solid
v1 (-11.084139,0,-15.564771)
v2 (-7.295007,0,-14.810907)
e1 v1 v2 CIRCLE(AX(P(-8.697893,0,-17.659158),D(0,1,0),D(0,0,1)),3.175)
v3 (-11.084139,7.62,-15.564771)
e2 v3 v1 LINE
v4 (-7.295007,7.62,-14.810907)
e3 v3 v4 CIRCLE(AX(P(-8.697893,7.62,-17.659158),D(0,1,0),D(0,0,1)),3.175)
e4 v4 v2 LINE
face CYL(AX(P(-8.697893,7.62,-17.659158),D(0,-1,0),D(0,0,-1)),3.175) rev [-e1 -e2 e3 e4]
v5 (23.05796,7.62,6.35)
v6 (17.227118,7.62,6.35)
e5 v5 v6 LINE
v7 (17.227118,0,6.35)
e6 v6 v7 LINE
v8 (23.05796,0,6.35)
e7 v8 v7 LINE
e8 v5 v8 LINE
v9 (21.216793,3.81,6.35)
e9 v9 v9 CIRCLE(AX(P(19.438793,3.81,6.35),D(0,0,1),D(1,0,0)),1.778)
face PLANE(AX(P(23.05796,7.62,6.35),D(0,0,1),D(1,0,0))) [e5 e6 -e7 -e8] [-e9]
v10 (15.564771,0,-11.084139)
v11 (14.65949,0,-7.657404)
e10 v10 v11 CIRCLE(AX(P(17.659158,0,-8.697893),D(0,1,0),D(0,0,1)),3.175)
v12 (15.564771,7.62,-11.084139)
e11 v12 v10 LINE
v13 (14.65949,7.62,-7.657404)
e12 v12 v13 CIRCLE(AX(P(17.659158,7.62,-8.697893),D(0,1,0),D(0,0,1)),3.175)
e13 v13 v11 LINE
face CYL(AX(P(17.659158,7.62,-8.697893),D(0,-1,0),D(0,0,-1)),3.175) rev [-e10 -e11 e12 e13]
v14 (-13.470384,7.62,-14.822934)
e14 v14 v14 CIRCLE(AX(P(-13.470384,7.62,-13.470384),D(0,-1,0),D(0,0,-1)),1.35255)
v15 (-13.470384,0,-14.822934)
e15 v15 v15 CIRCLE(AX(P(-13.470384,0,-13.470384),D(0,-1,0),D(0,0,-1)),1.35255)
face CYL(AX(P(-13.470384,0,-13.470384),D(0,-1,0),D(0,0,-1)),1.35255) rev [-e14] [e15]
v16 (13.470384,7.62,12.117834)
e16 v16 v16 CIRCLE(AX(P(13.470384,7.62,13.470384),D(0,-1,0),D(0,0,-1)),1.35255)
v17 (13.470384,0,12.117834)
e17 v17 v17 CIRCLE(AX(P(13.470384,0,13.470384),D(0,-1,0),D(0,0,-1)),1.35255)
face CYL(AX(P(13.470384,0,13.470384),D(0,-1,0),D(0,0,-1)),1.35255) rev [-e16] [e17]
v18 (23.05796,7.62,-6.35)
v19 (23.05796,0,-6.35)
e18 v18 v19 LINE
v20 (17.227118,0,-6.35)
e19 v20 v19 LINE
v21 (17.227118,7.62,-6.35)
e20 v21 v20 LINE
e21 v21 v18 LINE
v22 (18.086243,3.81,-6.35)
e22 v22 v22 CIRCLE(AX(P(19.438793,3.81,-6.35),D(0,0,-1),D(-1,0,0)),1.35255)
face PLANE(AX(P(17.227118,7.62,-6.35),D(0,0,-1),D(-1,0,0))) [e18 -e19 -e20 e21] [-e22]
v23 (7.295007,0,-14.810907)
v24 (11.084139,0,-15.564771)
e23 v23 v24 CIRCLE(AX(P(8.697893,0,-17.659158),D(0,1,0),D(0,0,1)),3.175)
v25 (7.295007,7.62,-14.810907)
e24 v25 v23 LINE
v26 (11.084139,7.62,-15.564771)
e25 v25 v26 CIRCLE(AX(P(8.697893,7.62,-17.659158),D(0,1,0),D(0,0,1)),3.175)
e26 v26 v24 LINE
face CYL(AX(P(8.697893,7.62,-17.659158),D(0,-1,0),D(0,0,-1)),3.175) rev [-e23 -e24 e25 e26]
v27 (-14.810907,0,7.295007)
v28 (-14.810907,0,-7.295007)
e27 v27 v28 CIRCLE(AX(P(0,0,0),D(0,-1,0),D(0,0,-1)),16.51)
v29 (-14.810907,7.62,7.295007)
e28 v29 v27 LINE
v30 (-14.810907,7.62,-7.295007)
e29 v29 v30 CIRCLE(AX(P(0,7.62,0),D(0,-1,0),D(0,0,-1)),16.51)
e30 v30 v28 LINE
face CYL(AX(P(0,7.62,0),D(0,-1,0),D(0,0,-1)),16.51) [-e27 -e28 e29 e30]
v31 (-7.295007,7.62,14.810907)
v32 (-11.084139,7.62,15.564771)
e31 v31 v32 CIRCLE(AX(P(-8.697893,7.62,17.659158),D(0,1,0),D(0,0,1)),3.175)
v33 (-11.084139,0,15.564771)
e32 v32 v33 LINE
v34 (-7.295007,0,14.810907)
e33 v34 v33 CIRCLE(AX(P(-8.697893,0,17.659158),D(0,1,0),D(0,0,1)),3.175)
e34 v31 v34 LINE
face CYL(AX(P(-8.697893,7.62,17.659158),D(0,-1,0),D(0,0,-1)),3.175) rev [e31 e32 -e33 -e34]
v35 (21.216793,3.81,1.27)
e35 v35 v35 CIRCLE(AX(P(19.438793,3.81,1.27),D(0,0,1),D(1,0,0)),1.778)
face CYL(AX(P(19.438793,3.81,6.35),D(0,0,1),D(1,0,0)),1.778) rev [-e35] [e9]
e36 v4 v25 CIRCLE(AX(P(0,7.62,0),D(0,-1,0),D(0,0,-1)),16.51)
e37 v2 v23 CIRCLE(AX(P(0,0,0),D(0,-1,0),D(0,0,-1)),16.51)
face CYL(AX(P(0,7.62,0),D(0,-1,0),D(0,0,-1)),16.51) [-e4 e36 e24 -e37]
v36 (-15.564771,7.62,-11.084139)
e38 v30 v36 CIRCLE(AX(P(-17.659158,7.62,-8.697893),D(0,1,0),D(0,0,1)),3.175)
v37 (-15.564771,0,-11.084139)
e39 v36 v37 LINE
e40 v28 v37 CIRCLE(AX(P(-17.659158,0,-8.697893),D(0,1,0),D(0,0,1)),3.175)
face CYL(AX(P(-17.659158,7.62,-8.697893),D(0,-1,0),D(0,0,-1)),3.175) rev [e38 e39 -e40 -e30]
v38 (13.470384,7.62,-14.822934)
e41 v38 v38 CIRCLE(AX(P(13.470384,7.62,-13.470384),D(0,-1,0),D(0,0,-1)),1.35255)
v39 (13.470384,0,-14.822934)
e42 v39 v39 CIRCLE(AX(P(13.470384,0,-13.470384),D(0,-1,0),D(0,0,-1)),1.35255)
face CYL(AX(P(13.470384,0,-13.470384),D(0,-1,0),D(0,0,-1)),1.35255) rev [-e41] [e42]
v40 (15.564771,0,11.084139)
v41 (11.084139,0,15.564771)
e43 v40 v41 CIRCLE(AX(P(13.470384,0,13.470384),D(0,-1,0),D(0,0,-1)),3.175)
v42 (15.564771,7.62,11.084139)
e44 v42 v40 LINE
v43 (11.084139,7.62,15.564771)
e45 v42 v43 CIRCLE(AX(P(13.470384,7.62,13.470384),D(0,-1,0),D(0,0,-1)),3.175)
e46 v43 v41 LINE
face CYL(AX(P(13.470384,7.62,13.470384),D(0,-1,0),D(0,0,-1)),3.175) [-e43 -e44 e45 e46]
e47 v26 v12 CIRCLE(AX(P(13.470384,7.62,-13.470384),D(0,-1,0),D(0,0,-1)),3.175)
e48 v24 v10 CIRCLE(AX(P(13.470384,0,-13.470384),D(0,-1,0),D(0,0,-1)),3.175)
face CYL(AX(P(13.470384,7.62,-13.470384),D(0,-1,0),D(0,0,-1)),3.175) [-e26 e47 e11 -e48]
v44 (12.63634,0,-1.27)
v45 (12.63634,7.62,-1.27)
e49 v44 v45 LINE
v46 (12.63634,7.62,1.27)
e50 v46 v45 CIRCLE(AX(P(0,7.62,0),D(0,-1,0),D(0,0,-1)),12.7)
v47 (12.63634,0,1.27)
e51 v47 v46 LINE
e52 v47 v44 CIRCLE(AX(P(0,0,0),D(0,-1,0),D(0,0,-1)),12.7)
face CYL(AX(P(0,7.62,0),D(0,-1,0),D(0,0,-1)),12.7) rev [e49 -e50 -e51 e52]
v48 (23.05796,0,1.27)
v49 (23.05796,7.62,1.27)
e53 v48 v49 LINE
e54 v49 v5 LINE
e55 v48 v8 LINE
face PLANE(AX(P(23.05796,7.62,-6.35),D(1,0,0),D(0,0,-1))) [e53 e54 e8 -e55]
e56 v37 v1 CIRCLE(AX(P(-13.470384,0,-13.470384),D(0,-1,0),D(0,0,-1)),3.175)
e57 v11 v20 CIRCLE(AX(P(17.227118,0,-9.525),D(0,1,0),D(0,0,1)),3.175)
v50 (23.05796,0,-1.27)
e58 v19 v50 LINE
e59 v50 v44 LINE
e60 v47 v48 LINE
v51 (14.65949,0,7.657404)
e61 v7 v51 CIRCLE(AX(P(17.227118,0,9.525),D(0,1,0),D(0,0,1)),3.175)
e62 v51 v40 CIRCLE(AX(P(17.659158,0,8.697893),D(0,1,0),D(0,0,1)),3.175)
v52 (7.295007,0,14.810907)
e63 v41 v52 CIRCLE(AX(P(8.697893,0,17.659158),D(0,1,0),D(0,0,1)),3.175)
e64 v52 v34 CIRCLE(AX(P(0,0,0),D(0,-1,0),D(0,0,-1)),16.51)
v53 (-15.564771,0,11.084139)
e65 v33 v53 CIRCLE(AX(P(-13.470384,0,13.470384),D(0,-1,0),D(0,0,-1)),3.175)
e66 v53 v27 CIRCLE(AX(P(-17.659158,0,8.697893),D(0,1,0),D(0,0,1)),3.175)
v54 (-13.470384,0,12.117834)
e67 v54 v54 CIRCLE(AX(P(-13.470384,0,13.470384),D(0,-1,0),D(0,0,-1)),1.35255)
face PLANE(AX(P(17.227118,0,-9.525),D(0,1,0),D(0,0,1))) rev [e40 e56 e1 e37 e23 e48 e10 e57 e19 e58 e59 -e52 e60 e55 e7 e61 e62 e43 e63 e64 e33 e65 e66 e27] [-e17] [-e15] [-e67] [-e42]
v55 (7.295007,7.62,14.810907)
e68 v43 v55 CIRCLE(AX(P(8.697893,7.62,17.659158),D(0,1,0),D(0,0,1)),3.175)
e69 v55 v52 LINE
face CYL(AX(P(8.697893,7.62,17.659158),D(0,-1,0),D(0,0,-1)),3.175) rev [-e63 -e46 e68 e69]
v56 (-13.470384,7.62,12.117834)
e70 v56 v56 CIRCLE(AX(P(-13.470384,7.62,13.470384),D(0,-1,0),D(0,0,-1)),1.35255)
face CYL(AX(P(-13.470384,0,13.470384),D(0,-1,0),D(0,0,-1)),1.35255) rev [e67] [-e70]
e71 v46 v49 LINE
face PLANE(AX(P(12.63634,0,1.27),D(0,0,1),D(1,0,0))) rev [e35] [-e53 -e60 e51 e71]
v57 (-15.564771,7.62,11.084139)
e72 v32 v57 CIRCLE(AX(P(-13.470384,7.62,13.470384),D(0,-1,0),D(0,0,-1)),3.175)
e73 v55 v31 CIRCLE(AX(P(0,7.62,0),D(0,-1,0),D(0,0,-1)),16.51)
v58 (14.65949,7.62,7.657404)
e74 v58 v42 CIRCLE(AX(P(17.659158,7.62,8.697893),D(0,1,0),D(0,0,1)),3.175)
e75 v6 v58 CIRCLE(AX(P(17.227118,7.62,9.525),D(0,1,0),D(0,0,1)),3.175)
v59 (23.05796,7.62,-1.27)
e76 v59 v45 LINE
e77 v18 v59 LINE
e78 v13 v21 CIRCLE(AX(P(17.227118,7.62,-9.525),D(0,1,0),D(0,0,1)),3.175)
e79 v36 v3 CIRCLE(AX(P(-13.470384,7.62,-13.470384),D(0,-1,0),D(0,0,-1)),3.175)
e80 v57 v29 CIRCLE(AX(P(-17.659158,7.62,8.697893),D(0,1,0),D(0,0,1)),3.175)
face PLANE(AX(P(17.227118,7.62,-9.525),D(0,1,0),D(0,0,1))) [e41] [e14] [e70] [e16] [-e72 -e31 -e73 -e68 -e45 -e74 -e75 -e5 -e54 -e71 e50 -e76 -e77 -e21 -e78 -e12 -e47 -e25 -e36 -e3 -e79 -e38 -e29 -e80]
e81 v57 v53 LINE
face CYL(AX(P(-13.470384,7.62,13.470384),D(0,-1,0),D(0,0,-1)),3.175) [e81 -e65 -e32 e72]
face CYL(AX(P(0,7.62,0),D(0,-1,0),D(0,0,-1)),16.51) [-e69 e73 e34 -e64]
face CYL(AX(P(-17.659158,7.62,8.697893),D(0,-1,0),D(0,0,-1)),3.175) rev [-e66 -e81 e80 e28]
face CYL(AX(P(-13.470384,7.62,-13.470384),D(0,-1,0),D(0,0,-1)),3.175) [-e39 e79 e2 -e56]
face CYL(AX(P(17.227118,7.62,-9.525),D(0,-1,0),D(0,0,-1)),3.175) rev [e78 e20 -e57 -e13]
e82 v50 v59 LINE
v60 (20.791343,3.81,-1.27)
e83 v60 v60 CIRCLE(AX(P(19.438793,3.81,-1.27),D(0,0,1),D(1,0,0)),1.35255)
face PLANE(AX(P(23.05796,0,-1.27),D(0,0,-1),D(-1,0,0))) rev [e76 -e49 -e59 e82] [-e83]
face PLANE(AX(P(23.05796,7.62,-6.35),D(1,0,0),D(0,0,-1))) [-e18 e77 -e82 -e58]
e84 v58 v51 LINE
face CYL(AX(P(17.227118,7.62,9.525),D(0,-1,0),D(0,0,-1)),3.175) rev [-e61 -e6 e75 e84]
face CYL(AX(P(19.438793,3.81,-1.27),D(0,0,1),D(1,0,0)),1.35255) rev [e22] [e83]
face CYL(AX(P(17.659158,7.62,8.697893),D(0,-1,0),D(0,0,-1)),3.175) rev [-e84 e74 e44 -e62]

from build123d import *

# Parameters (mm, degrees)
BOSS_EXTRUDE1_DEPTH        = 7.62
CUT_EXTRUDE1_DEPTH         = 30.441514138
SKETCH3_W                  = 12.7
SKETCH3_H                  = 7.62
M2_5_CLEARANCE_HOLE1_D     = 2.7051
M3_CLEARANCE_HOLE1_D       = 3.556
M3_CLEARANCE_HOLE1_DEPTH   = 5.08
M2_5_CLEARANCE_HOLE2_D     = 2.7051
M2_5_CLEARANCE_HOLE2_DEPTH = 15.375384182


with BuildPart() as part:
    # Sketch1 → Boss-Extrude1 (new body)
    with BuildSketch(Plane.XZ):
        with BuildLine():
            Line((17.227118157, -6.35), (23.057960451, -6.35))
            Line((23.057960451, -6.35), (23.057960451, 6.35))
            Line((23.057960451, 6.35), (17.227118157, 6.35))
            ThreePointArc((17.227118157, 6.35), (15.786457002, 6.695667846), (14.659490486, 7.657404449))
            ThreePointArc((14.659490486, 7.657404449), (14.589471792, 9.508848608), (15.564771332, 11.084138707))
            ThreePointArc((15.564771332, 11.084138707), (15.715448212, 15.715448212), (11.084138707, 15.564771332))
            ThreePointArc((11.084138707, 15.564771332), (9.317430783, 14.545190239), (7.295007228, 14.810907114))
            ThreePointArc((7.295007228, 14.810907114), (0, 16.51), (-7.295007228, 14.810907114))
            ThreePointArc((-7.295007228, 14.810907114), (-9.317430783, 14.545190239), (-11.084138707, 15.564771332))
            ThreePointArc((-11.084138707, 15.564771332), (-15.715448212, 15.715448212), (-15.564771332, 11.084138707))
            ThreePointArc((-15.564771332, 11.084138707), (-14.545190239, 9.317430783), (-14.810907114, 7.295007228))
            ThreePointArc((-14.810907114, 7.295007228), (-16.51, 0), (-14.810907114, -7.295007228))
            ThreePointArc((-14.810907114, -7.295007228), (-14.545190239, -9.317430783), (-15.564771332, -11.084138707))
            ThreePointArc((-15.564771332, -11.084138707), (-15.715448212, -15.715448212), (-11.084138707, -15.564771332))
            ThreePointArc((-11.084138707, -15.564771332), (-9.317430783, -14.545190239), (-7.295007228, -14.810907114))
            ThreePointArc((-7.295007228, -14.810907114), (0, -16.51), (7.295007228, -14.810907114))
            ThreePointArc((7.295007228, -14.810907114), (9.317430783, -14.545190239), (11.084138707, -15.564771332))
            ThreePointArc((11.084138707, -15.564771332), (15.715448212, -15.715448212), (15.564771332, -11.084138707))
            ThreePointArc((15.564771332, -11.084138707), (14.589471792, -9.508848608), (14.659490486, -7.657404449))
            ThreePointArc((14.659490486, -7.657404449), (15.786457002, -6.695667846), (17.227118157, -6.35))
        make_face()
    extrude(amount=-BOSS_EXTRUDE1_DEPTH)

    # Sketch2 → Cut-Extrude1 (cut, through all)
    with BuildSketch(Plane(origin=(0, 7.62, 0), x_dir=(-1, 0, 0), z_dir=(0, 1, 0))):
        with BuildLine():
            Line((-23.057960451, 1.27), (-23.057960451, -1.27))
            Line((-23.057960451, -1.27), (-12.636340451, -1.27))
            ThreePointArc((-12.636340451, -1.27), (-12.7, 0), (-12.636340451, 1.27))
            Line((-12.636340451, 1.27), (-23.057960451, 1.27))
        make_face()
    extrude(amount=-CUT_EXTRUDE1_DEPTH, mode=Mode.SUBTRACT)

    # Sketch3 → Cut-Revolve1 (revolve, cut)
    with BuildSketch(Plane.XY):
        with Locations((6.35, 3.81)):
            Rectangle(SKETCH3_W, SKETCH3_H)
    revolve(axis=Axis((0, 7.62, 0), (0, -1, 0)), mode=Mode.SUBTRACT)

    # M2.5 Clearance Hole1 (through all)
    with Locations(Plane(origin=(0, 0, 0), x_dir=(-1, 0, 0), z_dir=(0, -1, 0))):
        with Locations((-13.470384182, -13.470384182), (13.470384182, -13.470384182), (13.470384182, 13.470384182), (-13.470384182, 13.470384182)):
            Hole(M2_5_CLEARANCE_HOLE1_D / 2)

    # M3 Clearance Hole1
    with Locations(Plane.XY.offset(6.35)):
        with Locations((19.438793191, 3.81)):
            Hole(M3_CLEARANCE_HOLE1_D / 2, depth=M3_CLEARANCE_HOLE1_DEPTH)

    # M2.5 Clearance Hole2
    with Locations(Plane.XY.offset(-1.27)):
        with Locations((19.438793191, 3.81)):
            Hole(M2_5_CLEARANCE_HOLE2_D / 2, depth=M2_5_CLEARANCE_HOLE2_DEPTH)


solid = part.part
